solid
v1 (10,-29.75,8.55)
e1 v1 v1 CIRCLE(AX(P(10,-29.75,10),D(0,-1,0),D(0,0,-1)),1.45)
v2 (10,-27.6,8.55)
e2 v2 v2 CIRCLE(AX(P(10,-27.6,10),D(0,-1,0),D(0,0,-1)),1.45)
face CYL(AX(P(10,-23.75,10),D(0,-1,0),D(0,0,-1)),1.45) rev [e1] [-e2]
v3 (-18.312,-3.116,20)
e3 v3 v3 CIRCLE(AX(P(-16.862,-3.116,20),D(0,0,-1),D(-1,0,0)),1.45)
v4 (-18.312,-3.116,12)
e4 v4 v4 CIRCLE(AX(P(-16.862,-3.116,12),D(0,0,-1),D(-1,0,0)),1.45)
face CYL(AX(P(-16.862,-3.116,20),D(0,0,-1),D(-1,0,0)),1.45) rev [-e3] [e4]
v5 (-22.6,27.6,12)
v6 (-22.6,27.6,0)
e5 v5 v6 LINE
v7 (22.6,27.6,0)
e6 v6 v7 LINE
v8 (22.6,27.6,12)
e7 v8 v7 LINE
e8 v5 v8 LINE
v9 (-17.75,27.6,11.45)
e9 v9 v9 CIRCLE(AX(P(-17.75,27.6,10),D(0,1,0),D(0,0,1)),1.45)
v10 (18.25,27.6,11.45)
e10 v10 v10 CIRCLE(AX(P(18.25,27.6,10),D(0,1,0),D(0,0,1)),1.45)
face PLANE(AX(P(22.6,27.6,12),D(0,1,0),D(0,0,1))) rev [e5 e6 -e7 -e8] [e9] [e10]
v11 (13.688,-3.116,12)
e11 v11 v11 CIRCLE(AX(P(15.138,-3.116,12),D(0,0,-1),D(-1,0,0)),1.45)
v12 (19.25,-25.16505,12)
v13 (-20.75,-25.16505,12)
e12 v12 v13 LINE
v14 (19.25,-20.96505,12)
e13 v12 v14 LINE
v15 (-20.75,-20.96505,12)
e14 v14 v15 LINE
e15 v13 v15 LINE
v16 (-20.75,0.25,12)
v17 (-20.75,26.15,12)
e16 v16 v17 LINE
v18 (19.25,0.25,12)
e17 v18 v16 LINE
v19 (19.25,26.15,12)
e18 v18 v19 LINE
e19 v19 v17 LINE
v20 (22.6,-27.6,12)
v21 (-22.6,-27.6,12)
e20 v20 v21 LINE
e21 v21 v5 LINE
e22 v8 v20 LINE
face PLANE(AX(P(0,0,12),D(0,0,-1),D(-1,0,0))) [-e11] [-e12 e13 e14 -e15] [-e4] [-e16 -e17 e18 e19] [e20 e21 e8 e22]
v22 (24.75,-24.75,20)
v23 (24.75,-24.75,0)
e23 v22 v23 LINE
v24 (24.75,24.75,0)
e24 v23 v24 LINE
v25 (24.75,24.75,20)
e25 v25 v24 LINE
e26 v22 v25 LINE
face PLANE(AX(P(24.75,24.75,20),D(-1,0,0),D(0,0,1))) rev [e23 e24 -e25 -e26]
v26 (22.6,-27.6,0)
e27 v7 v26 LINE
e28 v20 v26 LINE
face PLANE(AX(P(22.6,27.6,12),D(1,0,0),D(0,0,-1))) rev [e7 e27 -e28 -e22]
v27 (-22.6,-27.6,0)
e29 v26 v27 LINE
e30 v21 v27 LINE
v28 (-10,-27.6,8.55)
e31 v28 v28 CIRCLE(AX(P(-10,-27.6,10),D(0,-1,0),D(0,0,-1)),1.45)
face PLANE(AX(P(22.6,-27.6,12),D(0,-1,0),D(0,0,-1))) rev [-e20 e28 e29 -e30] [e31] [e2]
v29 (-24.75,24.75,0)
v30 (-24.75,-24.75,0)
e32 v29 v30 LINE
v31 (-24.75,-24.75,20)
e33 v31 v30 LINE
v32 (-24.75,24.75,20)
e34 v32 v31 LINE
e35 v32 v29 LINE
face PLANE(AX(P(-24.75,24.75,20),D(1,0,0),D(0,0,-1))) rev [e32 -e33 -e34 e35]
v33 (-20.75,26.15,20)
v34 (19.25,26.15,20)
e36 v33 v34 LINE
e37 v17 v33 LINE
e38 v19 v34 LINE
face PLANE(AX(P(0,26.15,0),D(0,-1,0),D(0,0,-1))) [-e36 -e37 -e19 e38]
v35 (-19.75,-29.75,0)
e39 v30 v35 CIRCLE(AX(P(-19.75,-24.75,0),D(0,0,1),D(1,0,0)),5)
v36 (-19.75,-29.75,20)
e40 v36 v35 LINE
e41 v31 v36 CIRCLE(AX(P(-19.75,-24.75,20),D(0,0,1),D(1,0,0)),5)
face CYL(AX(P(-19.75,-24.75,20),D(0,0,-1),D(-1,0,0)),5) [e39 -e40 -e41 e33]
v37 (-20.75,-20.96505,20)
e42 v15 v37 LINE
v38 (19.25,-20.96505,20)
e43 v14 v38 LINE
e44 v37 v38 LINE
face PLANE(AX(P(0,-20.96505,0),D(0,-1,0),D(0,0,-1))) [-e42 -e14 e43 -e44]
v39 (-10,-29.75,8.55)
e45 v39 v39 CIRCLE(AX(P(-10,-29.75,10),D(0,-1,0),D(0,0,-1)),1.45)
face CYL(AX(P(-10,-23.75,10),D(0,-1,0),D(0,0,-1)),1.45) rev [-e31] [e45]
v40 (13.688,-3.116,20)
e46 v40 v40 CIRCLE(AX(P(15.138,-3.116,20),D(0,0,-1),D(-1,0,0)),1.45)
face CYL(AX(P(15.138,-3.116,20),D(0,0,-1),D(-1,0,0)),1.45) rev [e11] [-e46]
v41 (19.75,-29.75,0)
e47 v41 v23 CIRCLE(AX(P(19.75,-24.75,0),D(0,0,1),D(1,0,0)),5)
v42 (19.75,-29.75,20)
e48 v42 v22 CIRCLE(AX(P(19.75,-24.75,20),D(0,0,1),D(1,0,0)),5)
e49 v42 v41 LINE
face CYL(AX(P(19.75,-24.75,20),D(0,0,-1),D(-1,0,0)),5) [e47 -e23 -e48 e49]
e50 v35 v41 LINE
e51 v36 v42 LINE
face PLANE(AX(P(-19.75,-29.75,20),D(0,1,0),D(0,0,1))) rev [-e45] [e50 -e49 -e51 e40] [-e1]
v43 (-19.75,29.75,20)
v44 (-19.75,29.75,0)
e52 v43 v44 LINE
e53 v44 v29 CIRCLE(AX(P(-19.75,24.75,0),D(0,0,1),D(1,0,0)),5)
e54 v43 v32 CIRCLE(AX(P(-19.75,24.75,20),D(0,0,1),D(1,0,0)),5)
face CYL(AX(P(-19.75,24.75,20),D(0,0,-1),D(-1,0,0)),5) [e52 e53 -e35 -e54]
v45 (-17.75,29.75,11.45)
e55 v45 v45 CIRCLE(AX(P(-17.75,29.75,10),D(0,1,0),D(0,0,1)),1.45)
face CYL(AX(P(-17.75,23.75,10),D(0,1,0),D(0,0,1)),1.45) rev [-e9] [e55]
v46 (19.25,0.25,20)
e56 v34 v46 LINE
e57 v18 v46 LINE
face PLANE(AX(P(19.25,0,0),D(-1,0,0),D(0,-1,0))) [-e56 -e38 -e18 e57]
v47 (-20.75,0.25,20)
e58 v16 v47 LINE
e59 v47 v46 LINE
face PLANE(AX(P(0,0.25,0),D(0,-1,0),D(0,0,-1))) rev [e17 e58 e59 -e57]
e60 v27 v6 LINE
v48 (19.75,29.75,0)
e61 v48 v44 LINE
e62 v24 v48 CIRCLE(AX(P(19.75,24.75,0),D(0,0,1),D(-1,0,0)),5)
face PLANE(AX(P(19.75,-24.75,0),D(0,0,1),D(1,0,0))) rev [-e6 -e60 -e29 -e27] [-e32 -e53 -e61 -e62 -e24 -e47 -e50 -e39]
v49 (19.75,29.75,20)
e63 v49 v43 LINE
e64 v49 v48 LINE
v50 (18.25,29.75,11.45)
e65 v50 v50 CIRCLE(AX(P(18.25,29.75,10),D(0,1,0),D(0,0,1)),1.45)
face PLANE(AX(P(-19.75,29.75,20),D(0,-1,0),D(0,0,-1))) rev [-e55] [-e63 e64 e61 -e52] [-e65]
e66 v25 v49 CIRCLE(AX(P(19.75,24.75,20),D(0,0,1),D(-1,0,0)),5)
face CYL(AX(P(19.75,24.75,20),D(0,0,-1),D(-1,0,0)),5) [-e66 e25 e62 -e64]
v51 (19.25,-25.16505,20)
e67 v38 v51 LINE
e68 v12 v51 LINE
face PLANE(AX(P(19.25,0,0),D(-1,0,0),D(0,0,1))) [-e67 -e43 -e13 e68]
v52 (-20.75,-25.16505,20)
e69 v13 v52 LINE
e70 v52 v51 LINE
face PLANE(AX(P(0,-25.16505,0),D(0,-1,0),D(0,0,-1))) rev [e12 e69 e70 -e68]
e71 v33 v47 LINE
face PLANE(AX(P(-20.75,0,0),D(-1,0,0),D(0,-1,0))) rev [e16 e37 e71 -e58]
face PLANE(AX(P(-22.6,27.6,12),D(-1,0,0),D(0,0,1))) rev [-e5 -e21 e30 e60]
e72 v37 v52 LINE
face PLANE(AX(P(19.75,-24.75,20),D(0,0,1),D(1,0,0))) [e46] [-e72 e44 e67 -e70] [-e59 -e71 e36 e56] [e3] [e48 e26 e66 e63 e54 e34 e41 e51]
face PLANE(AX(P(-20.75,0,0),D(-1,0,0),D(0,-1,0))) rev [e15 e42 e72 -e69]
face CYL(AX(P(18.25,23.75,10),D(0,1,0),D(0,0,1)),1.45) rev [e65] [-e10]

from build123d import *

# Parameters (mm, degrees)
EXTRUDE_1_DEPTH     = 20
SKETCH_2_W          = 45.2
SKETCH_2_H          = 55.2
CUT_EXTRUDE_1_DEPTH = 12
SKETCH_4_W          = 40
SKETCH_4_H          = 25.9
SKETCH_4_H_2        = 4.2
CUT_EXTRUDE_2_DEPTH = 21
SKETCH_6_R          = 1.45
CUT_EXTRUDE_4_DEPTH = 9
SKETCH_8_R          = 1.45
CUT_EXTRUDE_6_DEPTH = 6
SKETCH_9_R          = 1.45
CUT_EXTRUDE_7_DEPTH = 6


with BuildPart() as part:
    # 草图1 → 凸台-拉伸1 (new body)
    with BuildSketch(Plane.XY):
        with BuildLine():
            Line((-19.75, 29.75), (19.75, 29.75))
            ThreePointArc((19.75, 29.75), (23.285533906, 28.285533906), (24.75, 24.75))
            Line((24.75, 24.75), (24.75, -24.75))
            ThreePointArc((24.75, -24.75), (23.285533906, -28.285533906), (19.75, -29.75))
            Line((19.75, -29.75), (-19.75, -29.75))
            ThreePointArc((-19.75, -29.75), (-23.285533906, -28.285533906), (-24.75, -24.75))
            Line((-24.75, -24.75), (-24.75, 24.75))
            ThreePointArc((-24.75, 24.75), (-23.285533906, 28.285533906), (-19.75, 29.75))
        make_face()
    extrude(amount=EXTRUDE_1_DEPTH)

    # 草图2 → 切除-拉伸1 (cut)
    with BuildSketch(Plane(origin=(0, 0, 0), x_dir=(-1, 0, 0), z_dir=(0, 0, -1))):
        Rectangle(SKETCH_2_W, SKETCH_2_H)
    extrude(amount=-CUT_EXTRUDE_1_DEPTH, mode=Mode.SUBTRACT)

    # 草图4 → 切除-拉伸2 (cut, through all)
    with BuildSketch(Plane.XY.offset(20)):
        with Locations((-0.75, 13.2)):
            Rectangle(SKETCH_4_W, SKETCH_4_H)
        with Locations((-0.75, -23.065049662)):
            Rectangle(SKETCH_4_W, SKETCH_4_H_2)
    extrude(amount=-CUT_EXTRUDE_2_DEPTH, mode=Mode.SUBTRACT)

    # 草图6 → 切除-拉伸4 (cut, through all)
    with BuildSketch(Plane(origin=(0, 0, 12), x_dir=(-1, 0, 0), z_dir=(0, 0, -1))):
        with Locations((16.862, -3.116)):
            Circle(SKETCH_6_R)
        with Locations((-15.138, -3.116)):
            Circle(SKETCH_6_R)
    extrude(amount=-CUT_EXTRUDE_4_DEPTH, mode=Mode.SUBTRACT)

    # 草图8 → 切除-拉伸6 (cut)
    with BuildSketch(Plane(origin=(0, 29.75, 0), x_dir=(1, 0, 0), z_dir=(0, 1, 0))):
        with Locations((-17.75, -10)):
            Circle(SKETCH_8_R)
        with Locations((18.25, -10)):
            Circle(SKETCH_8_R)
    extrude(amount=-CUT_EXTRUDE_6_DEPTH, mode=Mode.SUBTRACT)

    # 草图9 → 切除-拉伸7 (cut)
    with BuildSketch(Plane.XZ.offset(29.75)):
        with Locations((-10, 10)):
            Circle(SKETCH_9_R)
        with Locations((10, 10)):
            Circle(SKETCH_9_R)
    extrude(amount=-CUT_EXTRUDE_7_DEPTH, mode=Mode.SUBTRACT)


solid = part.part
